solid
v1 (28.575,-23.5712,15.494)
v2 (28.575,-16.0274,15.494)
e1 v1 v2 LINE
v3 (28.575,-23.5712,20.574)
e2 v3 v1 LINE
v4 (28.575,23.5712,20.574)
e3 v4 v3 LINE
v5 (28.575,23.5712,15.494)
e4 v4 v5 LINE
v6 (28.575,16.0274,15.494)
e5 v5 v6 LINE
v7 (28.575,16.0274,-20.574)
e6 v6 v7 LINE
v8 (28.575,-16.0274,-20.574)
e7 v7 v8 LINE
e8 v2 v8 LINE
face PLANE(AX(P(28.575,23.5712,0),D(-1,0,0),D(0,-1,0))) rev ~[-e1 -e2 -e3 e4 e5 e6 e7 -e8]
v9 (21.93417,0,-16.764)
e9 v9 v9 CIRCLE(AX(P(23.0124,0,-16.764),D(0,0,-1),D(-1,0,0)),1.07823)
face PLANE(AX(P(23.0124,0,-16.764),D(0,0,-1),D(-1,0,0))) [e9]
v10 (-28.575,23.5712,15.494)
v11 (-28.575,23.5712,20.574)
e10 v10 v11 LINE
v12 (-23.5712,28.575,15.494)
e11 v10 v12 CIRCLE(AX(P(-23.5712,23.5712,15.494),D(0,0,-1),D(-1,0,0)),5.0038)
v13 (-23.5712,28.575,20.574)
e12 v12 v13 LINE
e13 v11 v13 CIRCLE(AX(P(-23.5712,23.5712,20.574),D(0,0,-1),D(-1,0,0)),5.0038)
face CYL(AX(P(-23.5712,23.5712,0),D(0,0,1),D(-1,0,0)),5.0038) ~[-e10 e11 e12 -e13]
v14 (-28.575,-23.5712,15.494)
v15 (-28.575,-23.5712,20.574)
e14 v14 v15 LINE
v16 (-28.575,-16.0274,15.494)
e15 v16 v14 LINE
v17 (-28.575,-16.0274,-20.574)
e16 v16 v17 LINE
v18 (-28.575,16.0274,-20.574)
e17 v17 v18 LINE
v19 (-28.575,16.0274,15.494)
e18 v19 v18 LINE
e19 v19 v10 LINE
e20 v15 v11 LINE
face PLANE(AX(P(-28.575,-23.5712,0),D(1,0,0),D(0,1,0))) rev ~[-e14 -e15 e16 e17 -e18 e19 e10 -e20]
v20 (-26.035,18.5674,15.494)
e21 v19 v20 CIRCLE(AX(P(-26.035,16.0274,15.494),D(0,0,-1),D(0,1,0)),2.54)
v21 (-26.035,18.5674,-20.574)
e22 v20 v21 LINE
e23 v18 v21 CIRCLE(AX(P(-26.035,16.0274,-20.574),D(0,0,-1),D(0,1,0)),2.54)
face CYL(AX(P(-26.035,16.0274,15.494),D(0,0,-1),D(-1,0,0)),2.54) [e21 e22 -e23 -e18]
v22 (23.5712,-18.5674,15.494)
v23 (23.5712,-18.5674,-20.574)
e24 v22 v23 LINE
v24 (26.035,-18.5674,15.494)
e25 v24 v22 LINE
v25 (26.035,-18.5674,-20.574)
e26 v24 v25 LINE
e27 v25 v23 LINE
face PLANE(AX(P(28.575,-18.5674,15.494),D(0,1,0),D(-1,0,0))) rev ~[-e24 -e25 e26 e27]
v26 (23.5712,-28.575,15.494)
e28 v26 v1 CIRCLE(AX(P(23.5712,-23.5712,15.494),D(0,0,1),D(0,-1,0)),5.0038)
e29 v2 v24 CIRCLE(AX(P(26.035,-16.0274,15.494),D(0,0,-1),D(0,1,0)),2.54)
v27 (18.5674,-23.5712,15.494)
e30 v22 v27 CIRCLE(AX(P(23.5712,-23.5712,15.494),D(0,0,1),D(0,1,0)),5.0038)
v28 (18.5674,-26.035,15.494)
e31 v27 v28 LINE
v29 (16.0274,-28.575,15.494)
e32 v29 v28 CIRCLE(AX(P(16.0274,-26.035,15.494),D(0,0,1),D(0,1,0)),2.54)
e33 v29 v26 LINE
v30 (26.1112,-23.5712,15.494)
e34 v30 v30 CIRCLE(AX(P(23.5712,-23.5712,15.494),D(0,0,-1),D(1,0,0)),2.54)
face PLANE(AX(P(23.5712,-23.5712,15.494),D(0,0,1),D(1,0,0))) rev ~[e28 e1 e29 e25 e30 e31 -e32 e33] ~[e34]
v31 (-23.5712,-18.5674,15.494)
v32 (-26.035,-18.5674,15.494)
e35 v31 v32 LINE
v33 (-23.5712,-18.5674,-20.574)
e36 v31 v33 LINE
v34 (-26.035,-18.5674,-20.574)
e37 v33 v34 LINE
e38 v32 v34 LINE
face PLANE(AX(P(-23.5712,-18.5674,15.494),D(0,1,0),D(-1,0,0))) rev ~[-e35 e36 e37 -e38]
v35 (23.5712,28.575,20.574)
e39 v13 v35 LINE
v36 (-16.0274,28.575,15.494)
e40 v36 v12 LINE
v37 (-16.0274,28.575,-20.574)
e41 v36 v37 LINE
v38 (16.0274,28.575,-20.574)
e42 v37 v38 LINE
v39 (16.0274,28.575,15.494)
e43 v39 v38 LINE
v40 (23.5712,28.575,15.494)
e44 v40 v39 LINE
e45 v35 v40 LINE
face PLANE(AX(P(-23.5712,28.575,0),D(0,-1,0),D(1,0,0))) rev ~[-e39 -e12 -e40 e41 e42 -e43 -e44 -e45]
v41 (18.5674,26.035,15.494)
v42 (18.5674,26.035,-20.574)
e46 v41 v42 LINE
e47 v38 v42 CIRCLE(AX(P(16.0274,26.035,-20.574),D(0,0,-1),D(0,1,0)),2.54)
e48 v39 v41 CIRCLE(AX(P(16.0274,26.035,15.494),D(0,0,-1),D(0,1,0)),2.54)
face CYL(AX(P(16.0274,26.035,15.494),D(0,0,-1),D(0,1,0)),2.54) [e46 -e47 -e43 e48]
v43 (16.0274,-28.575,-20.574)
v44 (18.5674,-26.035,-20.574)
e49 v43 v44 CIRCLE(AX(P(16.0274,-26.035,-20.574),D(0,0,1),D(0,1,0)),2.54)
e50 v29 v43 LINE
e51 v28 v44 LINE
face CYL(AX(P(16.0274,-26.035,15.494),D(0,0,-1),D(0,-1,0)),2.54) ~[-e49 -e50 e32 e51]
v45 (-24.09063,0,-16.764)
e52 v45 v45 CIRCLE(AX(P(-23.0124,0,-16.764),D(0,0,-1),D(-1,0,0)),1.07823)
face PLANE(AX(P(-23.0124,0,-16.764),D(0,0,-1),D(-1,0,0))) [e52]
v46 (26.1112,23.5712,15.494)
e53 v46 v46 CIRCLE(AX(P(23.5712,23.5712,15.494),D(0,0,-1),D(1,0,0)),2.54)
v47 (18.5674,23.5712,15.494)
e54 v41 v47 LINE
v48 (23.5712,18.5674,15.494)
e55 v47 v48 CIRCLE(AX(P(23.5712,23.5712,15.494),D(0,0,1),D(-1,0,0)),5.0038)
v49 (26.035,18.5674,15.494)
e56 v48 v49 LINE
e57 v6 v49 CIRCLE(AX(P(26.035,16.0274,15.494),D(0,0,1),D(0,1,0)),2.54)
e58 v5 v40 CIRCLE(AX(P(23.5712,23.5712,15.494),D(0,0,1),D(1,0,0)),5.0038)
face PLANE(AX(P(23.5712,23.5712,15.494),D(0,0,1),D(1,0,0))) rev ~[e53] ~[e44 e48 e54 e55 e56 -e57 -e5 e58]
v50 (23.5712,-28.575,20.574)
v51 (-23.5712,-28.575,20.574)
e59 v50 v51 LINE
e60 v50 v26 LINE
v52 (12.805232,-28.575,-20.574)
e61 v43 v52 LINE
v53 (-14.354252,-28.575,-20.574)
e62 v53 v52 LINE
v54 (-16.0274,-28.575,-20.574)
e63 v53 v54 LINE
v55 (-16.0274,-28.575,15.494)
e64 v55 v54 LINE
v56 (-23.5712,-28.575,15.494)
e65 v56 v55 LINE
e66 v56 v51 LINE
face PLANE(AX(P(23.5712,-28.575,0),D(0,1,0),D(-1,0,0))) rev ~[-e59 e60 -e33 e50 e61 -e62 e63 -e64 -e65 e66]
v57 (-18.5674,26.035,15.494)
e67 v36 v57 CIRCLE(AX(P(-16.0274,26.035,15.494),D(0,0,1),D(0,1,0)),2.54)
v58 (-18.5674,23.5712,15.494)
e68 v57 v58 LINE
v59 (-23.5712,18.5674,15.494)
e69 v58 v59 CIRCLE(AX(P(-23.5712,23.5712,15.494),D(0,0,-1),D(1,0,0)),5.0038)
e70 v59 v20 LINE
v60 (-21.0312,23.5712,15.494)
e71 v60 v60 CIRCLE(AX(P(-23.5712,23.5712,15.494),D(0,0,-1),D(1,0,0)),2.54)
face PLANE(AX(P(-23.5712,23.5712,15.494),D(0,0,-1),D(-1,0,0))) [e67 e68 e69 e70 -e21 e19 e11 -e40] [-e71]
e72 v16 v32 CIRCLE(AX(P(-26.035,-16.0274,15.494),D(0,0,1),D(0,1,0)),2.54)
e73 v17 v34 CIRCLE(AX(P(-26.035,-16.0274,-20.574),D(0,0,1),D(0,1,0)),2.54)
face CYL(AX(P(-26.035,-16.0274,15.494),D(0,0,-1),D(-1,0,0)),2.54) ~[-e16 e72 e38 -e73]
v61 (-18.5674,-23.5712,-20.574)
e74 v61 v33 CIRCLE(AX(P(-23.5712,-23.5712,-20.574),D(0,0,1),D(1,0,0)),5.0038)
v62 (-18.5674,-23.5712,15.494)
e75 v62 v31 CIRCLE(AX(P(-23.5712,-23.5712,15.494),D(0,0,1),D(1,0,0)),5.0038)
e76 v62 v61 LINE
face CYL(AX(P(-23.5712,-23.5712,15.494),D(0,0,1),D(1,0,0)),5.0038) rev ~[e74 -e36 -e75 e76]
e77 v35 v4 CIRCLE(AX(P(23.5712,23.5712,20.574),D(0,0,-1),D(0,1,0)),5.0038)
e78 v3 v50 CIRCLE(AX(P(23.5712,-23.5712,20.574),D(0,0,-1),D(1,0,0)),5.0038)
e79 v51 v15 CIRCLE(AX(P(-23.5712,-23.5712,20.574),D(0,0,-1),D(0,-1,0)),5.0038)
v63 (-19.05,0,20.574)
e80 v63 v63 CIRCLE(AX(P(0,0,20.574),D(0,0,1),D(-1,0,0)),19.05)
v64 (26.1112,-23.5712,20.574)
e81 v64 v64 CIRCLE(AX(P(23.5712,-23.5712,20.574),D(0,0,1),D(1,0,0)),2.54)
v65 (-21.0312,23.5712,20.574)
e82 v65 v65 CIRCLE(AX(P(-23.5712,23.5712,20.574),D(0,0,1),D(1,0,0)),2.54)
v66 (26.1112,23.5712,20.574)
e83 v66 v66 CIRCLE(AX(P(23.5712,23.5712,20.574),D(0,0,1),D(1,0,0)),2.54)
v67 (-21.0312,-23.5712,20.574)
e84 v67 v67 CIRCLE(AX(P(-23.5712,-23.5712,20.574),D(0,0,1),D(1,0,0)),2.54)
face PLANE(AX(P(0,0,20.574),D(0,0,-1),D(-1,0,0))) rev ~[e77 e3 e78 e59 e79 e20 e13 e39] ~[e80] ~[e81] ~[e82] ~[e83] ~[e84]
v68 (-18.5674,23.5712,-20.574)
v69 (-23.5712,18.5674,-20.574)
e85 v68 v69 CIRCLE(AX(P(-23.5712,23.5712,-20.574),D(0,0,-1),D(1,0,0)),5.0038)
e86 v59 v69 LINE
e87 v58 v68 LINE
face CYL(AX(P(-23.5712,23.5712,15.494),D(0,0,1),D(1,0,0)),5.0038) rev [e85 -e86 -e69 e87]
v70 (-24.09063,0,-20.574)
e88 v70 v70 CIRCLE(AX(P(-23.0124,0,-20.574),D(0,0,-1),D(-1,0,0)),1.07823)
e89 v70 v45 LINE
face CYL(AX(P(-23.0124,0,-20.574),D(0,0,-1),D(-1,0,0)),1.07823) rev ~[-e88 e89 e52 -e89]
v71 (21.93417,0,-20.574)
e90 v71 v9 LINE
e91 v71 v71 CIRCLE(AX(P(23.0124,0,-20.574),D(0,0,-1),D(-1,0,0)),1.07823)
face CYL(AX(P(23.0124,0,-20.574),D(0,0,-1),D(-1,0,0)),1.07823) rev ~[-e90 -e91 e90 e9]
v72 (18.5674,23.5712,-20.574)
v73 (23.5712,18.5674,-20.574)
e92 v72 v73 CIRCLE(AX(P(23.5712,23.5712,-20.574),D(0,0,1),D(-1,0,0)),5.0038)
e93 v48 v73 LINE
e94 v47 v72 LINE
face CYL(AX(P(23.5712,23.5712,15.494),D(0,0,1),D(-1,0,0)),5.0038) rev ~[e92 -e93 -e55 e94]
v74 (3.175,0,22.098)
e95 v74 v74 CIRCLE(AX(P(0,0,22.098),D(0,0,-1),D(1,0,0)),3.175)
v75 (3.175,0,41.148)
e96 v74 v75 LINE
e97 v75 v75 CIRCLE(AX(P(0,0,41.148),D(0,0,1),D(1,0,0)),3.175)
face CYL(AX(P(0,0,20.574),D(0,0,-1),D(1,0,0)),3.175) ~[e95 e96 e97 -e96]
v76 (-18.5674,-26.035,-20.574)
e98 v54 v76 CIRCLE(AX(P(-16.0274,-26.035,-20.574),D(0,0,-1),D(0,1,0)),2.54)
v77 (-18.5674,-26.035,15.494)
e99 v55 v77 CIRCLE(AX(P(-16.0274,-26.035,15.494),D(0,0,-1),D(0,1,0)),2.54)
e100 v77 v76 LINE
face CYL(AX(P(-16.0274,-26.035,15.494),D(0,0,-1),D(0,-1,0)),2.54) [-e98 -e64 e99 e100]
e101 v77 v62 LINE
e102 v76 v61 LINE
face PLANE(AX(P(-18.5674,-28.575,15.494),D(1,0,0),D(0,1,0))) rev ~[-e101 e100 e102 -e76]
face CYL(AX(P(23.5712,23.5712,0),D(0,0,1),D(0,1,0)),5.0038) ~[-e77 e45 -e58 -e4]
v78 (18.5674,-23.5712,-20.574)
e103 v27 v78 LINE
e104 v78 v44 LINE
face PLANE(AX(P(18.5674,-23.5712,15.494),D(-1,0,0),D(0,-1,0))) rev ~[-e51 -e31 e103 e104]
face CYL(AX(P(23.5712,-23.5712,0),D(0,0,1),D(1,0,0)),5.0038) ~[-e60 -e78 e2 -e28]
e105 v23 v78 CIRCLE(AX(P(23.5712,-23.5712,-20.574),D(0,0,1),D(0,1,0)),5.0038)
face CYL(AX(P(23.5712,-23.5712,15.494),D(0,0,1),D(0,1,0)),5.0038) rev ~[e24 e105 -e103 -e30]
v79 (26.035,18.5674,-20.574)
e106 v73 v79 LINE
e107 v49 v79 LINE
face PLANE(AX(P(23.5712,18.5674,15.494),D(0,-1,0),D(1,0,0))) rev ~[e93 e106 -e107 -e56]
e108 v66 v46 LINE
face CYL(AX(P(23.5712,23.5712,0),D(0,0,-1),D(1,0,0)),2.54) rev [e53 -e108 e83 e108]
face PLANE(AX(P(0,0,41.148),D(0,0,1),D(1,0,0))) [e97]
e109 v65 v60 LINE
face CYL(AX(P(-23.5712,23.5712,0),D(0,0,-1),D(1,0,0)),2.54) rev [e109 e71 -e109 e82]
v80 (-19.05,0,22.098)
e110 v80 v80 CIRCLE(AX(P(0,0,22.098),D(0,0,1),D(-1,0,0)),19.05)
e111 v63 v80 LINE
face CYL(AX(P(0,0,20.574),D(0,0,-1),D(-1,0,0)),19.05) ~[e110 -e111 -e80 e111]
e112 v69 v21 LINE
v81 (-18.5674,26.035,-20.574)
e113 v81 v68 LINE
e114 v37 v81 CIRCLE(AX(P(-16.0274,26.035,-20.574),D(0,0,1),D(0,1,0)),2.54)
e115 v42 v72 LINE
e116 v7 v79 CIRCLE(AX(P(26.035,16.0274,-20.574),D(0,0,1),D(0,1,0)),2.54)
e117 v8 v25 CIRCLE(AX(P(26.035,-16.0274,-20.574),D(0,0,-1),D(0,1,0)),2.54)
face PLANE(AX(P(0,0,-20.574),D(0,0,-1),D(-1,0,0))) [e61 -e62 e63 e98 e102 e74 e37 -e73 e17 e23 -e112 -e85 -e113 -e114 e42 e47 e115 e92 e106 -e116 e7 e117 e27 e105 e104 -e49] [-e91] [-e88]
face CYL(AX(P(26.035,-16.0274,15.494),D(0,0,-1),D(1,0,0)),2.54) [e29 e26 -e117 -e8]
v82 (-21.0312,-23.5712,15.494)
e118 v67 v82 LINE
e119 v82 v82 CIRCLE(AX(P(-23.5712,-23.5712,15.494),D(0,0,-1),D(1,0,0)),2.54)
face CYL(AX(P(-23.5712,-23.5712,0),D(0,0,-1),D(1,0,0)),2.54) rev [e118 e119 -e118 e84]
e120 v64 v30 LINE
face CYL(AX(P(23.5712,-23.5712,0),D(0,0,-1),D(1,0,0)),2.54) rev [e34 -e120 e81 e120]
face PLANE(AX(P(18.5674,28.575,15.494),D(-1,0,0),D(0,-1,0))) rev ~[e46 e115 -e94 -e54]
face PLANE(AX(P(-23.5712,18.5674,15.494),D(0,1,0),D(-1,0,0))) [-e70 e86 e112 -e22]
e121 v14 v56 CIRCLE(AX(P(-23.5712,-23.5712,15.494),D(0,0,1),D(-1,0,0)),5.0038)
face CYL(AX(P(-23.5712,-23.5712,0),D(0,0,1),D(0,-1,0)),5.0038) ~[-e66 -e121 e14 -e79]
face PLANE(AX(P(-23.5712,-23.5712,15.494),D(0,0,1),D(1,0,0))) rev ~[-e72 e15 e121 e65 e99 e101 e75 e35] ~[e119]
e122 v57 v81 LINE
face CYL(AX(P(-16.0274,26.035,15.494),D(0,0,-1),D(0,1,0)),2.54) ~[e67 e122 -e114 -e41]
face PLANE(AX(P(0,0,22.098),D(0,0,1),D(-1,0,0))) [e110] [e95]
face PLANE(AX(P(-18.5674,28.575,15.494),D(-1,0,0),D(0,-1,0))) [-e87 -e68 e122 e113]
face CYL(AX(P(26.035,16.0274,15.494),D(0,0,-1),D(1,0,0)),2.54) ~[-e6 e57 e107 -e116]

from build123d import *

# Parameters (mm, degrees)
SKETCH1_R          = 2.54
EXTRUDE1_DEPTH     = 20.574
SKETCH2_R          = 19.05
EXTRUDE2_DEPTH     = 1.524
SKETCH3_R          = 3.175
EXTRUDE3_DEPTH     = 20.574
EXTRUDE4_START     = -36.068
EXTRUDE4_DEPTH     = 36.068
FILLET1_R          = 2.54
EXTRUDE5_START     = 14.986
SKETCH5_R          = 3.175
EXTRUDE5_DEPTH     = 14.986
SKETCH6_R          = 1.07823
EXTRUDE6_DEPTH     = 3.81
SKETCH9_W          = 27.159483829
SKETCH9_H          = 18.094101739
CUT_EXTRUDE1_DEPTH = 56.642


with BuildPart() as part:
    # Sketch1 → Extrude1 (new, symmetric)
    with BuildSketch(Plane.XY):
        with BuildLine():
            Line((-23.5712, 28.575), (23.5712, 28.575))
            ThreePointArc((23.5712, 28.575), (27.109420912, 27.109420912), (28.575, 23.5712))
            Line((28.575, 23.5712), (28.575, -23.5712))
            ThreePointArc((28.575, -23.5712), (27.109420912, -27.109420912), (23.5712, -28.575))
            Line((23.5712, -28.575), (-23.5712, -28.575))
            ThreePointArc((-23.5712, -28.575), (-27.109420912, -27.109420912), (-28.575, -23.5712))
            Line((-28.575, -23.5712), (-28.575, 23.5712))
            ThreePointArc((-28.575, 23.5712), (-27.109420912, 27.109420912), (-23.5712, 28.575))
        make_face()
        with Locations((-23.5712, 23.5712)):
            Circle(SKETCH1_R, mode=Mode.SUBTRACT)
        with Locations((23.5712, 23.5712)):
            Circle(SKETCH1_R, mode=Mode.SUBTRACT)
        with Locations((23.5712, -23.5712)):
            Circle(SKETCH1_R, mode=Mode.SUBTRACT)
        with Locations((-23.5712, -23.5712)):
            Circle(SKETCH1_R, mode=Mode.SUBTRACT)
    extrude(amount=EXTRUDE1_DEPTH, both=True)

    # Sketch2 → Extrude2 (add)
    with BuildSketch(Plane.XY.offset(20.574)):
        with Locations(Location((0, 0, 0), (0, 0, 180))):
            Circle(SKETCH2_R)
    extrude(amount=EXTRUDE2_DEPTH)

    # Sketch3 → Extrude3 (add)
    with BuildSketch(Plane.XY.offset(20.574)):
        Circle(SKETCH3_R)
    extrude(amount=EXTRUDE3_DEPTH)

    # Sketch4 → Extrude4 (cut)
    with BuildSketch(Plane(origin=(0, 0, -20.574), x_dir=(-1, 0, 0), z_dir=(0, 0, -1)).offset(EXTRUDE4_START)):
        with BuildLine():
            Line((-23.5712, 18.5674), (-28.575, 18.5674))
            Line((-28.575, 18.5674), (-28.575, 23.5712))
            ThreePointArc((-28.575, 23.5712), (-27.109420912, 27.109420912), (-23.5712, 28.575))
            Line((-23.5712, 28.575), (-18.5674, 28.575))
            Line((-18.5674, 28.575), (-18.5674, 23.5712))
            ThreePointArc((-18.5674, 23.5712), (-20.032979088, 20.032979088), (-23.5712, 18.5674))
        make_face()
        with BuildLine():
            Line((23.5712, 18.5674), (28.575, 18.5674))
            Line((28.575, 18.5674), (28.575, 23.5712))
            ThreePointArc((28.575, 23.5712), (27.109420912, 27.109420912), (23.5712, 28.575))
            Line((23.5712, 28.575), (18.5674, 28.575))
            Line((18.5674, 28.575), (18.5674, 23.5712))
            ThreePointArc((18.5674, 23.5712), (20.032979088, 20.032979088), (23.5712, 18.5674))
        make_face()
        with BuildLine():
            Line((23.5712, -18.5674), (28.575, -18.5674))
            Line((28.575, -18.5674), (28.575, -23.5712))
            ThreePointArc((28.575, -23.5712), (27.109420912, -27.109420912), (23.5712, -28.575))
            Line((23.5712, -28.575), (18.5674, -28.575))
            Line((18.5674, -28.575), (18.5674, -23.5712))
            ThreePointArc((18.5674, -23.5712), (20.032979088, -20.032979088), (23.5712, -18.5674))
        make_face()
        with BuildLine():
            Line((-18.5674, -23.5712), (-18.5674, -28.575))
            Line((-18.5674, -28.575), (-23.5712, -28.575))
            ThreePointArc((-23.5712, -28.575), (-27.109420912, -27.109420912), (-28.575, -23.5712))
            Line((-28.575, -23.5712), (-28.575, -18.5674))
            Line((-28.575, -18.5674), (-23.5712, -18.5674))
            ThreePointArc((-23.5712, -18.5674), (-20.032979088, -20.032979088), (-18.5674, -23.5712))
        make_face()
    extrude(amount=EXTRUDE4_DEPTH, mode=Mode.SUBTRACT)

    # Fillet1
    fillet1_edges = [part.edges().sort_by_distance(p)[0] for p in [
        (28.575, -18.5674, -2.54),
        (18.5674, -28.575, -2.54),
        (18.5674, 28.575, -2.54),
        (28.575, 18.5674, -2.54),
        (-28.575, 18.5674, -2.54),
        (-18.5674, 28.575, -2.54),
        (-18.5674, -28.575, -2.54),
        (-28.575, -18.5674, -2.54),
    ]]
    fillet(fillet1_edges, radius=FILLET1_R)

    # Sketch5 → Extrude5 (add)
    with BuildSketch(Plane(origin=(0, 0, -20.574), x_dir=(-1, 0, 0), z_dir=(0, 0, -1)).offset(EXTRUDE5_START)):
        with Locations(Location((0, 0, 0), (0, 0, 180))):
            Circle(SKETCH5_R)
    extrude(amount=-EXTRUDE5_DEPTH)

    # Sketch6 → Extrude6 (cut)
    with BuildSketch(Plane(origin=(0, 0, -20.574), x_dir=(-1, 0, 0), z_dir=(0, 0, -1))):
        with Locations((-23.0124, 0)):
            Circle(SKETCH6_R)
        with Locations((23.0124, 0)):
            Circle(SKETCH6_R)
    extrude(amount=-EXTRUDE6_DEPTH, mode=Mode.SUBTRACT)

    # Sketch9 → Cut-Extrude1 (cut)
    with BuildSketch(Plane.XZ.offset(28.575)):
        with Locations((-0.774509995, -29.62105087)):
            Rectangle(SKETCH9_W, SKETCH9_H)
    extrude(amount=-CUT_EXTRUDE1_DEPTH, mode=Mode.SUBTRACT)


solid = part.part
